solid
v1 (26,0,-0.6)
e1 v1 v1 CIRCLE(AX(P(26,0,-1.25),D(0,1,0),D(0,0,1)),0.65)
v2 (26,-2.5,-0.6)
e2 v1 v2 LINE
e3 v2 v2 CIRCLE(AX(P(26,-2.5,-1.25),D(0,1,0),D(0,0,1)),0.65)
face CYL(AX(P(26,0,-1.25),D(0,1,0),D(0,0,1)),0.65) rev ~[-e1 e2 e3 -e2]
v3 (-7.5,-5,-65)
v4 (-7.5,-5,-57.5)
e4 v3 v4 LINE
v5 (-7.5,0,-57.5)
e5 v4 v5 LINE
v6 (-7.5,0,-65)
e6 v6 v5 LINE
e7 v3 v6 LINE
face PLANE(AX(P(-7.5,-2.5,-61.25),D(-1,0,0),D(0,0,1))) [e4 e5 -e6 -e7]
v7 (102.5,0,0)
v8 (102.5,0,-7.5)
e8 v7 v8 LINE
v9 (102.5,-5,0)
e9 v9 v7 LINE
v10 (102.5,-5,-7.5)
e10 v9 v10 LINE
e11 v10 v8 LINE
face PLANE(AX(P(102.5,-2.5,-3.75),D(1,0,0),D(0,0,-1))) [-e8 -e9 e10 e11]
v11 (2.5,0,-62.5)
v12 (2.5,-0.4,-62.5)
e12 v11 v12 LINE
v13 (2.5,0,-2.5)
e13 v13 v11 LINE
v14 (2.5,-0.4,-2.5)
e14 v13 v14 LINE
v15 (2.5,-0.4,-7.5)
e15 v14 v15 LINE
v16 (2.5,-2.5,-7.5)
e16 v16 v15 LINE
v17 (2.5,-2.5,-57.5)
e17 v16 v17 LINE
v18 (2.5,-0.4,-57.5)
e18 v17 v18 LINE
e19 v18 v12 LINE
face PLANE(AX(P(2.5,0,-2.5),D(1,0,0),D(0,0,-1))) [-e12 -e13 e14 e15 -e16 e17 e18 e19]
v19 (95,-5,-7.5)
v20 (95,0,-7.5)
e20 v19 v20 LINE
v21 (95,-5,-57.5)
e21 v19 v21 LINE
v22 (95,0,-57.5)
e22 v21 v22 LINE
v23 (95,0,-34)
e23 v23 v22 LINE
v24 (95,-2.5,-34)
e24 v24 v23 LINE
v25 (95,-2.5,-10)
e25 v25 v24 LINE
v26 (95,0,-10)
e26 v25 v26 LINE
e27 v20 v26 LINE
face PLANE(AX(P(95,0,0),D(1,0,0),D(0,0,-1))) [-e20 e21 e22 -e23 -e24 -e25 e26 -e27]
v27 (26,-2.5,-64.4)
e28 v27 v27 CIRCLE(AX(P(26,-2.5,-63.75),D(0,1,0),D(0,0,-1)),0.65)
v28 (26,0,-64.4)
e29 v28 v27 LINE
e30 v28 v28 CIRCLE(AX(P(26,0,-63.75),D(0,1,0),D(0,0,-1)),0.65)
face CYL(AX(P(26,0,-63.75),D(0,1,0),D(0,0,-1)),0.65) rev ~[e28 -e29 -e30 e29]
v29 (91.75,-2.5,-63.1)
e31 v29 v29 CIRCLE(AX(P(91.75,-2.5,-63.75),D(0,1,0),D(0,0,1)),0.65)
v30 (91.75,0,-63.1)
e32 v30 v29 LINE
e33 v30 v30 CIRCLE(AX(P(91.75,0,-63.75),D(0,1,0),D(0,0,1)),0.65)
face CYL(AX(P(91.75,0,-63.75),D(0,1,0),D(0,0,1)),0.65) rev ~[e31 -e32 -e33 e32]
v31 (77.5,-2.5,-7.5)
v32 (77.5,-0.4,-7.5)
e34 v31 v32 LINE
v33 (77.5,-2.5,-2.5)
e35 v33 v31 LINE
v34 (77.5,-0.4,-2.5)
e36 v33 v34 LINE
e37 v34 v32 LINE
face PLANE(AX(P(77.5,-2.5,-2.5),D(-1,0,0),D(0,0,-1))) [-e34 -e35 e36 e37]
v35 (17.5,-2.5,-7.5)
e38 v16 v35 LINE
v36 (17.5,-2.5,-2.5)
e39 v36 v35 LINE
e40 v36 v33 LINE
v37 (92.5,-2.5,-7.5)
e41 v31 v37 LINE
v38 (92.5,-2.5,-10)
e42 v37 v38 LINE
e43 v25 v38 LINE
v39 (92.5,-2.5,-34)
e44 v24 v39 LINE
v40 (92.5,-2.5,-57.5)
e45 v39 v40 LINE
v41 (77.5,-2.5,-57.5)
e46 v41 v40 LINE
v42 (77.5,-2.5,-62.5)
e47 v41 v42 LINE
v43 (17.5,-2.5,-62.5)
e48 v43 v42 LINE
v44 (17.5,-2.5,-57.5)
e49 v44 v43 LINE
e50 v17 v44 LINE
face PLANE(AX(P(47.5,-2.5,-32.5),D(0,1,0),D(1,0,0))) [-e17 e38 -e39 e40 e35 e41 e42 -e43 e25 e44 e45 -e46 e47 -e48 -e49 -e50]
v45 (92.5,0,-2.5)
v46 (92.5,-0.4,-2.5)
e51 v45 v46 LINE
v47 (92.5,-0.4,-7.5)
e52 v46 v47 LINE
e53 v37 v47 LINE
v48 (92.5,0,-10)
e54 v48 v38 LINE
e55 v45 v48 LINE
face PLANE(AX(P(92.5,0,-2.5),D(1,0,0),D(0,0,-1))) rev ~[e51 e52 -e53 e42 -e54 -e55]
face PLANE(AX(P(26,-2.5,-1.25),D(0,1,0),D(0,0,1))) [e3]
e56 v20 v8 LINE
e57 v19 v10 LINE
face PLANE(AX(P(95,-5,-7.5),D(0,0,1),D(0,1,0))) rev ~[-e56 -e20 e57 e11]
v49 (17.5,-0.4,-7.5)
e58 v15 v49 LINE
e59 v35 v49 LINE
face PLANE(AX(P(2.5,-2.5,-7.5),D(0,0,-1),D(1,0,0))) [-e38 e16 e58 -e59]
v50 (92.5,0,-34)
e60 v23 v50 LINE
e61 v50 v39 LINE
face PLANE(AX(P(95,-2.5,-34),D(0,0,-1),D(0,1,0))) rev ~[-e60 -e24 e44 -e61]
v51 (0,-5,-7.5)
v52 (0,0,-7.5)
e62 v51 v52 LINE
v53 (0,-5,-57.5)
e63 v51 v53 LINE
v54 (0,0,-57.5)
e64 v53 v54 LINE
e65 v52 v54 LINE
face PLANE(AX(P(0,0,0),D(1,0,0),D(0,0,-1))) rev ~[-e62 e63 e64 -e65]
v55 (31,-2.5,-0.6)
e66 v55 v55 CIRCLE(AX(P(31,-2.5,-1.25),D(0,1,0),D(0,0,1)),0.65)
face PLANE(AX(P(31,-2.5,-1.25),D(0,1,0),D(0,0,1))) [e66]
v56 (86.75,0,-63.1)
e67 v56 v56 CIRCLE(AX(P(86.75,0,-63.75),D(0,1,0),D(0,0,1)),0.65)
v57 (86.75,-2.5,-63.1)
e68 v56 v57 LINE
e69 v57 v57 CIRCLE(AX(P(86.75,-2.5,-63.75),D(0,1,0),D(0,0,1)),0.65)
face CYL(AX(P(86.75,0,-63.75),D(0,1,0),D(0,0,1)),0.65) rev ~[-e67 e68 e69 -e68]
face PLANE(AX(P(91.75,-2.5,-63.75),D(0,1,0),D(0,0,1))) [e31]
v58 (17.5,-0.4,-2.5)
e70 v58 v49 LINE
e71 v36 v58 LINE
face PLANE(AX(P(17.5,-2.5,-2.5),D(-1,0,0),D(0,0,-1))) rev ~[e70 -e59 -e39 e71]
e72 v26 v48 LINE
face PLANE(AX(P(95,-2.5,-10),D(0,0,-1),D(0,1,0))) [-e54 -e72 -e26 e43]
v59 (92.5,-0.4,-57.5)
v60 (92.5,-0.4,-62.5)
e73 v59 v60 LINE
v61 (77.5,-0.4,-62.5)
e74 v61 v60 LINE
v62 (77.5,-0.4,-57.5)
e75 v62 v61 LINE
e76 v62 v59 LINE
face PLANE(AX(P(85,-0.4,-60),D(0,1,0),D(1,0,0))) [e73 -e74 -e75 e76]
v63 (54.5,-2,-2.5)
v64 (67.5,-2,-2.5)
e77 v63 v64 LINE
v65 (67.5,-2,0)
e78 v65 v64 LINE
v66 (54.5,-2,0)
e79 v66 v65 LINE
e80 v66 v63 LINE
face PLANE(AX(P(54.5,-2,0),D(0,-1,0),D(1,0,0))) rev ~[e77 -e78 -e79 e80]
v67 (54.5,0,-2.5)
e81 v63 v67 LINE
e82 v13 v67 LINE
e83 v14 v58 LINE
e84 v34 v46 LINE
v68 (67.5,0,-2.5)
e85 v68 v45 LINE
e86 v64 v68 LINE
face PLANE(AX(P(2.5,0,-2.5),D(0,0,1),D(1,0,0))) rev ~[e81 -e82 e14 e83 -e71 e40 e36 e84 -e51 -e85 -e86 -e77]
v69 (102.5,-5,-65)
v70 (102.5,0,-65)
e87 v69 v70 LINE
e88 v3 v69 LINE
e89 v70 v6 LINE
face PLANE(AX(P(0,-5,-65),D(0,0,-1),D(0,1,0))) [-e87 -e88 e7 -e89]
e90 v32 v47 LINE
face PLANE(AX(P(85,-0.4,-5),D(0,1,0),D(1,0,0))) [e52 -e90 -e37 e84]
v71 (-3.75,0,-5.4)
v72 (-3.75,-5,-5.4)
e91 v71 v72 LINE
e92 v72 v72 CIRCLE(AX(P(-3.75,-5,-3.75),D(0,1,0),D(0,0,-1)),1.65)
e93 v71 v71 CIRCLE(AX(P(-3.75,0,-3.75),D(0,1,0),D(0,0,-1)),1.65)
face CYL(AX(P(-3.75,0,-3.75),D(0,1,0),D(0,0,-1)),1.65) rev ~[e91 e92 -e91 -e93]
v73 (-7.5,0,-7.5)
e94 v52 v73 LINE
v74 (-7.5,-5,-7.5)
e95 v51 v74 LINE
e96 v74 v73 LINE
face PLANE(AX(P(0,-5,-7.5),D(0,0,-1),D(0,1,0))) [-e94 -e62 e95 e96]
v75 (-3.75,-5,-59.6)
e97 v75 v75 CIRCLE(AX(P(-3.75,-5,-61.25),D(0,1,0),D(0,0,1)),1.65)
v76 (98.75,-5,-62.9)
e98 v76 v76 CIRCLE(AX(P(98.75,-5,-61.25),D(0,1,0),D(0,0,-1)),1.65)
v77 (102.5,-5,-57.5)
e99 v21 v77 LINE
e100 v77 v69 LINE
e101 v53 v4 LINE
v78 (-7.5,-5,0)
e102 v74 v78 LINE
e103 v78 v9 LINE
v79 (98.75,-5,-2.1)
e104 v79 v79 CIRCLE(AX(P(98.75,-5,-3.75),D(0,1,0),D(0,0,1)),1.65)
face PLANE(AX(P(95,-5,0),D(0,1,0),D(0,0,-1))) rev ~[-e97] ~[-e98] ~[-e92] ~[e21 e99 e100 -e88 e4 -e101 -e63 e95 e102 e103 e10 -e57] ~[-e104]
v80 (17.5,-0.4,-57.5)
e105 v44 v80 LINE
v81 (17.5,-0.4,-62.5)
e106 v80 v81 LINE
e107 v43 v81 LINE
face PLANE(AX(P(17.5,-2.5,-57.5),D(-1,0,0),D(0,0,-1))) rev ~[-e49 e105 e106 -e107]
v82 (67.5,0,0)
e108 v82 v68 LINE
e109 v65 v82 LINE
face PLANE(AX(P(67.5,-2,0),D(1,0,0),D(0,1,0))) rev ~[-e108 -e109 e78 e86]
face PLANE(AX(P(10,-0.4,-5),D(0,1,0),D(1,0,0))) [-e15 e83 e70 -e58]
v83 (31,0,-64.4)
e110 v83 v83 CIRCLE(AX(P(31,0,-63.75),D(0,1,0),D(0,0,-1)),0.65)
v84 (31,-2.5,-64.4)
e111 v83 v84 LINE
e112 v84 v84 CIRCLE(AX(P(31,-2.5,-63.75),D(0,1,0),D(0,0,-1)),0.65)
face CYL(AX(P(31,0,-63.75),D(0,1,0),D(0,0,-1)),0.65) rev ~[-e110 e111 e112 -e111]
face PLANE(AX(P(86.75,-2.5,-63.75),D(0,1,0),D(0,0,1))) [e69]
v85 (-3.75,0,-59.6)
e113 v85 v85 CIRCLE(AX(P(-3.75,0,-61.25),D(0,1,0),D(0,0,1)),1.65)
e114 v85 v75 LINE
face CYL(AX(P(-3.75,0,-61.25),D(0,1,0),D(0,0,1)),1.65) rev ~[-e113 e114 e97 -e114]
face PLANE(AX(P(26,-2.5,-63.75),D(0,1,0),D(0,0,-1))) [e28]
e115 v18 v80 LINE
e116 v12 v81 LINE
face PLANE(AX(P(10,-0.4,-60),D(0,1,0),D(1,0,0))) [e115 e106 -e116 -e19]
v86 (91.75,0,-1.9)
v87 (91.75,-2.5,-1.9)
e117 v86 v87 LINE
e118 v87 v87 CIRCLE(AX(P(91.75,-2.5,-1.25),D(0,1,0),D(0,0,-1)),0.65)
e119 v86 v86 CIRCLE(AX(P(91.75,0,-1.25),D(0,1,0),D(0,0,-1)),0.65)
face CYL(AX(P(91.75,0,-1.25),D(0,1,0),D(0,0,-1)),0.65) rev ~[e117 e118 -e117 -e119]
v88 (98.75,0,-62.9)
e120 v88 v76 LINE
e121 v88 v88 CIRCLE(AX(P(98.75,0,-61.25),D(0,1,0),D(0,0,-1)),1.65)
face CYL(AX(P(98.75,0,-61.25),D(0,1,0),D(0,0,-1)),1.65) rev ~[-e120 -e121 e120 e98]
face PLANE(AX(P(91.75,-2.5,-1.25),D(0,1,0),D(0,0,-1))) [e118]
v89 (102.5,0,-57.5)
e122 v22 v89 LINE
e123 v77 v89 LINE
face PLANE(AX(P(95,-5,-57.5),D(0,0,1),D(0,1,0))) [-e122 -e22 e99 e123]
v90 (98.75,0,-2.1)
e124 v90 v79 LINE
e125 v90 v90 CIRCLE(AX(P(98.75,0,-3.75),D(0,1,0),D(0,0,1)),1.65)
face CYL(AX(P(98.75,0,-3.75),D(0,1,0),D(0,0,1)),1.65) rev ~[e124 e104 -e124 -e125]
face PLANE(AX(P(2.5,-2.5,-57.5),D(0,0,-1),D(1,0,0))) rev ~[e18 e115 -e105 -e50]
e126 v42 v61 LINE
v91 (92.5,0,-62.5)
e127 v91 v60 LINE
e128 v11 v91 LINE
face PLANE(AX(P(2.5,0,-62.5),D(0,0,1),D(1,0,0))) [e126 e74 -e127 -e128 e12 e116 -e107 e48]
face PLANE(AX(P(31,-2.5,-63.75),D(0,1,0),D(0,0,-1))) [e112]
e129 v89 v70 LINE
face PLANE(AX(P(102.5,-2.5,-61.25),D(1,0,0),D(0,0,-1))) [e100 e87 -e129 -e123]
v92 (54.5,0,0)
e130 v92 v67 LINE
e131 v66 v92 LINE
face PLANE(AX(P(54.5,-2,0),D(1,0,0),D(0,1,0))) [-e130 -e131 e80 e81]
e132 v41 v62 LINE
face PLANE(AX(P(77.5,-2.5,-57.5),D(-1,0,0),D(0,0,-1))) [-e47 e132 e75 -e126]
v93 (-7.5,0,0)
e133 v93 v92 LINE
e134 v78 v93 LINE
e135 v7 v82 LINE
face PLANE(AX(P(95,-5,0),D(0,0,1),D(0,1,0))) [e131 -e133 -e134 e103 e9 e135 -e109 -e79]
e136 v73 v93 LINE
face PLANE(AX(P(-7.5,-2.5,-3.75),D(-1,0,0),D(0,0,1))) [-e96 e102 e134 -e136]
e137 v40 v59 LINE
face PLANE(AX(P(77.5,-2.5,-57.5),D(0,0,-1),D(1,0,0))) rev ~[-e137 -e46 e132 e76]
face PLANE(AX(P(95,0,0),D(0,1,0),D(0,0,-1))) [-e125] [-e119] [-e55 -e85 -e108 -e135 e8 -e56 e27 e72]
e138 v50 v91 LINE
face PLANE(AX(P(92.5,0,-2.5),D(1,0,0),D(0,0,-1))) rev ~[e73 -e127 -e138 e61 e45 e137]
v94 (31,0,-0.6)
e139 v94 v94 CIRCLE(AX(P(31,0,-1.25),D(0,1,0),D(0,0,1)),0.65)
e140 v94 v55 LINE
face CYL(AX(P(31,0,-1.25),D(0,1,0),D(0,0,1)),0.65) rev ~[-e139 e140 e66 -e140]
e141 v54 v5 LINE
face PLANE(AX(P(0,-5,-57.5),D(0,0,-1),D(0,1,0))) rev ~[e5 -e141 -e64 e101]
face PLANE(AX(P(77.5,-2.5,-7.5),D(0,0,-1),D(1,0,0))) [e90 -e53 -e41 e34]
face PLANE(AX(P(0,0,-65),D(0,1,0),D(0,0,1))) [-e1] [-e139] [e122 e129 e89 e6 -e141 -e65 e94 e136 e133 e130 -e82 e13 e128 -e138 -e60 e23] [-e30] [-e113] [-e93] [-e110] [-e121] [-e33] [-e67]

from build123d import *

# Parameters (mm, degrees)
SKETCH1_W           = 95
SKETCH1_H           = 65
BOSS_EXTRUDE1_DEPTH = 5
SKETCH3_W           = 90
SKETCH3_H           = 60
CUT_EXTRUDE1_DEPTH  = 2.5
SKETCH5_W           = 15
SKETCH5_H           = 5
BOSS_EXTRUDE2_DEPTH = 2.1
SKETCH14_W          = 13
SKETCH14_H          = 2
CUT_EXTRUDE3_DEPTH  = 2.5
CUT_EXTRUDE5_REACH  = 117.217
SKETCH17_W          = 24
SKETCH17_H          = 2.5
SKETCH18_R          = 0.65
CUT_EXTRUDE6_DEPTH  = 2.5
SKETCH19_W          = 7.5
SKETCH19_H          = 5
BOSS_EXTRUDE3_DEPTH = 7.5
SKETCH20_W          = 7.5
SKETCH20_H          = 5
BOSS_EXTRUDE4_DEPTH = 7.5
SKETCH21_R          = 1.65
CUT_EXTRUDE7_DEPTH  = 122.475306133


with BuildPart() as part:
    # Sketch1 → Boss-Extrude1 (new body)
    with BuildSketch(Plane(origin=(0, 0, 0), x_dir=(1, 0, 0), z_dir=(0, 1, 0))):
        with Locations((47.5, 32.5)):
            Rectangle(SKETCH1_W, SKETCH1_H)
    extrude(amount=-BOSS_EXTRUDE1_DEPTH)

    # Sketch3 → Cut-Extrude1 (cut)
    with BuildSketch(Plane(origin=(0, 0, 0), x_dir=(1, 0, 0), z_dir=(0, 1, 0))):
        with Locations((47.5, 32.5)):
            Rectangle(SKETCH3_W, SKETCH3_H)
    extrude(amount=-CUT_EXTRUDE1_DEPTH, mode=Mode.SUBTRACT)

    # Sketch5 → Boss-Extrude2 (add)
    with BuildSketch(Plane(origin=(0, -2.5, 0), x_dir=(1, 0, 0), z_dir=(0, 1, 0))):
        with Locations((10, 60)):
            Rectangle(SKETCH5_W, SKETCH5_H)
        with Locations((10, 5)):
            Rectangle(SKETCH5_W, SKETCH5_H)
        with Locations((85, 60)):
            Rectangle(SKETCH5_W, SKETCH5_H)
        with Locations((85, 5)):
            Rectangle(SKETCH5_W, SKETCH5_H)
    extrude(amount=BOSS_EXTRUDE2_DEPTH)

    # Sketch14 → Cut-Extrude3 (cut)
    with BuildSketch(Plane.XY):
        with Locations((61, -1)):
            Rectangle(SKETCH14_W, SKETCH14_H)
    extrude(amount=-CUT_EXTRUDE3_DEPTH, mode=Mode.SUBTRACT)

    # Sketch17 → Cut-Extrude5 (cut, up to next)
    with BuildSketch(Plane(origin=(95, 0, 0), x_dir=(0, 0, -1), z_dir=(1, 0, 0)), mode=Mode.PRIVATE) as cut_extrude5_sk1:
        with Locations((22, -1.25)):
            Rectangle(SKETCH17_W, SKETCH17_H)
    cut_extrude5_tool1 = extrude(cut_extrude5_sk1.sketch, amount=-CUT_EXTRUDE5_REACH, mode=Mode.PRIVATE) & part.part
    add(cut_extrude5_tool1.solids().sort_by_distance((95, -1.25, -22))[0], mode=Mode.SUBTRACT)

    # Sketch18 → Cut-Extrude6 (cut)
    with BuildSketch(Plane(origin=(0, 0, 0), x_dir=(1, 0, 0), z_dir=(0, 1, 0))):
        with Locations(Location((91.75, 63.75, 0), (0, 0, 270))):
            Circle(SKETCH18_R)
        with Locations(Location((86.75, 63.75, 0), (0, 0, 270))):
            Circle(SKETCH18_R)
        with Locations(Location((91.75, 1.25, 0), (0, 0, 90))):
            Circle(SKETCH18_R)
        with Locations(Location((26, 63.75, 0), (0, 0, 90))):
            Circle(SKETCH18_R)
        with Locations(Location((31, 63.75, 0), (0, 0, 90))):
            Circle(SKETCH18_R)
        with Locations(Location((26, 1.25, 0), (0, 0, 270))):
            Circle(SKETCH18_R)
        with Locations(Location((31, 1.25, 0), (0, 0, 270))):
            Circle(SKETCH18_R)
    extrude(amount=-CUT_EXTRUDE6_DEPTH, mode=Mode.SUBTRACT)

    # Sketch19 → Boss-Extrude3 (add)
    with BuildSketch(Plane.ZY):
        with Locations((-61.25, -2.5)):
            Rectangle(SKETCH19_W, SKETCH19_H)
        with Locations((-3.75, -2.5)):
            Rectangle(SKETCH19_W, SKETCH19_H)
    extrude(amount=BOSS_EXTRUDE3_DEPTH)

    # Sketch20 → Boss-Extrude4 (add)
    with BuildSketch(Plane(origin=(95, 0, 0), x_dir=(0, 0, -1), z_dir=(1, 0, 0))):
        with Locations((3.75, -2.5)):
            Rectangle(SKETCH20_W, SKETCH20_H)
        with Locations((61.25, -2.5)):
            Rectangle(SKETCH20_W, SKETCH20_H)
    extrude(amount=BOSS_EXTRUDE4_DEPTH)

    # Sketch21 → Cut-Extrude7 (cut, through all)
    with BuildSketch(Plane(origin=(0, 0, 0), x_dir=(1, 0, 0), z_dir=(0, 1, 0))):
        with Locations(Location((-3.75, 61.25, 0), (0, 0, 270))):
            Circle(SKETCH21_R)
        with Locations(Location((98.75, 61.25, 0), (0, 0, 90))):
            Circle(SKETCH21_R)
        with Locations(Location((98.75, 3.75, 0), (0, 0, 270))):
            Circle(SKETCH21_R)
        with Locations(Location((-3.75, 3.75, 0), (0, 0, 90))):
            Circle(SKETCH21_R)
    extrude(amount=-CUT_EXTRUDE7_DEPTH, mode=Mode.SUBTRACT)


solid = part.part
